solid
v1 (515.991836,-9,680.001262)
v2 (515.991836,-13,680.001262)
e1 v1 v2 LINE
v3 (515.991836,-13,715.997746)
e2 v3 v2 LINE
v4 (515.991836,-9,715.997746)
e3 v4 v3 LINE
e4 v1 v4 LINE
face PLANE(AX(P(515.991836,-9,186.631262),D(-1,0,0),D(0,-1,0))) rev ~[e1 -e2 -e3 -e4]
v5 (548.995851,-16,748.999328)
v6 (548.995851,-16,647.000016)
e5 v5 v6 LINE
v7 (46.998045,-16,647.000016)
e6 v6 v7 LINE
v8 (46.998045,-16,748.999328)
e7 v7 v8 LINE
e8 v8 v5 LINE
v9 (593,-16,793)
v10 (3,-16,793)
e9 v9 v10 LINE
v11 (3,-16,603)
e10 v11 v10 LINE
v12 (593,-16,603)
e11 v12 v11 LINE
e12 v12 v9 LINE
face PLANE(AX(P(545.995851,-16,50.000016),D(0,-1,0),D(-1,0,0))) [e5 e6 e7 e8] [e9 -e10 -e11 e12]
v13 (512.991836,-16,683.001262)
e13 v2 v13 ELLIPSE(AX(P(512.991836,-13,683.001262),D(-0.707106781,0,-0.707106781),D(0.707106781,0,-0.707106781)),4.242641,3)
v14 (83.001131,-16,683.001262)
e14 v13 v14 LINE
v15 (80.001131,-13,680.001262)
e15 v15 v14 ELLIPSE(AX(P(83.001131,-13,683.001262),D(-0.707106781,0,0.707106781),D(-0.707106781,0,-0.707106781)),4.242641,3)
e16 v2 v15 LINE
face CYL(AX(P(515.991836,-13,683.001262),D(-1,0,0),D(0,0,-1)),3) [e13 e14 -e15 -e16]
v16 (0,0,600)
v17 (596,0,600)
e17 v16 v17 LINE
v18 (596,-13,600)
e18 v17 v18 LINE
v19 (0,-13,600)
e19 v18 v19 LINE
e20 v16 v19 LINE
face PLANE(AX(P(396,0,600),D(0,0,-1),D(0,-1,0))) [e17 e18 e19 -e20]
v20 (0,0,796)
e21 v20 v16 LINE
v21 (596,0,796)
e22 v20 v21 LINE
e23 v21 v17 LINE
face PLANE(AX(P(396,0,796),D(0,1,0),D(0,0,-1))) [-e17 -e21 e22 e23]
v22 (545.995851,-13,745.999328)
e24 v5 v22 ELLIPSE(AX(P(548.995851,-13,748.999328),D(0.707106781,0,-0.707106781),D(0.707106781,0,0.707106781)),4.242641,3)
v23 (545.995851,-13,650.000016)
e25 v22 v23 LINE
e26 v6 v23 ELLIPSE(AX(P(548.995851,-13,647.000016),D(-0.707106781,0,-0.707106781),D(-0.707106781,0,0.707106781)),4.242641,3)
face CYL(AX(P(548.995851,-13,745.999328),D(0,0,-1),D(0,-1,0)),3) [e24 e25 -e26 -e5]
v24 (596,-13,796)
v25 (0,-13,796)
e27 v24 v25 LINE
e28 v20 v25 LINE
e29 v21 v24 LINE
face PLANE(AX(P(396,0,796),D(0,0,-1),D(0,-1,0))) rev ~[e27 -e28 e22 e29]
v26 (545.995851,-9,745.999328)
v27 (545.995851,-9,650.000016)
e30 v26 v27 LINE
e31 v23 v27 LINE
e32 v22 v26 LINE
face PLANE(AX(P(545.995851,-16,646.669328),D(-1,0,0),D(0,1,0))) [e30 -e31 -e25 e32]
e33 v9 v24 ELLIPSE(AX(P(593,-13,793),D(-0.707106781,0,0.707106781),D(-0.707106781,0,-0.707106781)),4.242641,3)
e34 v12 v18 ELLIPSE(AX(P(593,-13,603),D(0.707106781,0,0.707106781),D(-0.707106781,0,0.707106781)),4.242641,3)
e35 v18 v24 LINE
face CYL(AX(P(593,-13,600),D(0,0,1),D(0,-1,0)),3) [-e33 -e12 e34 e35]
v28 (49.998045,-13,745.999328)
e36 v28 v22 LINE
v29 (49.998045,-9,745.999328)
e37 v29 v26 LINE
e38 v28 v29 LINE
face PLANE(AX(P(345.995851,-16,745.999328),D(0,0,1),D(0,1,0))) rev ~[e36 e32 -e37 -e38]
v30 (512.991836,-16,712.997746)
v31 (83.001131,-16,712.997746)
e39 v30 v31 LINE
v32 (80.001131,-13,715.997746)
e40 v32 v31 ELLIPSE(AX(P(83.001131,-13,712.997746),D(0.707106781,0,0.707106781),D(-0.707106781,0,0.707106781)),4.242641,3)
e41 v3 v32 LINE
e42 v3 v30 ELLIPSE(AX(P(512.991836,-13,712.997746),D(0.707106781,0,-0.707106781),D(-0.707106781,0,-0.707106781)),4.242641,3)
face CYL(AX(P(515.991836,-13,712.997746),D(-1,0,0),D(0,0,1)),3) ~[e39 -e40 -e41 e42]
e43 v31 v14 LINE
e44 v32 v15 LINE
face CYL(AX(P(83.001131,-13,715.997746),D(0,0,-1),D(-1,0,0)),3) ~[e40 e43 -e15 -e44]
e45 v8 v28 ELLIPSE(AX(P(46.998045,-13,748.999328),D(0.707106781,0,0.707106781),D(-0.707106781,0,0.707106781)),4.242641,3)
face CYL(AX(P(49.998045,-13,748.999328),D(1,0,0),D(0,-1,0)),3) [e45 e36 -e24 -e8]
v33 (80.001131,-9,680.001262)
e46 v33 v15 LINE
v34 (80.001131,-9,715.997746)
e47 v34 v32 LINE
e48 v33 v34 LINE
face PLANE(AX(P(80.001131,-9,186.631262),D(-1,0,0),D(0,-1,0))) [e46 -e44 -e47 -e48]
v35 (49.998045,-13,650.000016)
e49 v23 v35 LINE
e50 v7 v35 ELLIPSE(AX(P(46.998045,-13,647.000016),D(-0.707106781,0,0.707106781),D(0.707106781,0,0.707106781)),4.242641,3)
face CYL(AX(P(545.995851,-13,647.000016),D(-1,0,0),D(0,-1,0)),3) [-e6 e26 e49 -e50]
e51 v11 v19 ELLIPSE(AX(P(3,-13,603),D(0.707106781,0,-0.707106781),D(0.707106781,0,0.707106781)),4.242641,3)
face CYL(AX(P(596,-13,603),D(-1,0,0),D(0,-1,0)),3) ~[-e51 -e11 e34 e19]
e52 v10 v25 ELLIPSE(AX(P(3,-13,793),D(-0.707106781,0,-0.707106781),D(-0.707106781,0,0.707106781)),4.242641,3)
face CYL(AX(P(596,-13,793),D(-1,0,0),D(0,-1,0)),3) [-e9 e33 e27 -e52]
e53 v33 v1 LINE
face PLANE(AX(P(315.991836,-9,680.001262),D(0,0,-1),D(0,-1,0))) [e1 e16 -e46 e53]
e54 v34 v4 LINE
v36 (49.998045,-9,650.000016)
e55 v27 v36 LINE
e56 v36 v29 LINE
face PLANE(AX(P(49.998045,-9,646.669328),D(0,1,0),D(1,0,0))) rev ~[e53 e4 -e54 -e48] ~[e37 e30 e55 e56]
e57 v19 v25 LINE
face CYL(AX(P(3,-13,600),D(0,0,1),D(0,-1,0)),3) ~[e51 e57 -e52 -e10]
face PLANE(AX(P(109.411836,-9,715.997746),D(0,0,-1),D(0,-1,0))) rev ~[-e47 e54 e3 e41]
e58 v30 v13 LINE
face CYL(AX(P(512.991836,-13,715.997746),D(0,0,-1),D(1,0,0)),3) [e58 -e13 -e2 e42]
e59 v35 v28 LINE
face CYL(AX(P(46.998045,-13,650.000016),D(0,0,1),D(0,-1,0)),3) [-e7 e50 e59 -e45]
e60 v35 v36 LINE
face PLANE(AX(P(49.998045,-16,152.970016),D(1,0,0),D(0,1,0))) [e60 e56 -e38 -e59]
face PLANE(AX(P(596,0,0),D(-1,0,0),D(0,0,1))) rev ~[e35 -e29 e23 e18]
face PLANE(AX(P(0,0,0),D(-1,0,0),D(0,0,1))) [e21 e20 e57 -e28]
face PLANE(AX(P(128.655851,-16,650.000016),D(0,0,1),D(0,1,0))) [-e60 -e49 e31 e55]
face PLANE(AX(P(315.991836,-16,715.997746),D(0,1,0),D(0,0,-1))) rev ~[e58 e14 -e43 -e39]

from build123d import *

# Parameters (mm, degrees)
F0_W      = 44.656470418
F0_H      = 33.8078811765
F1_DEPTH  = 16
F2_DEPTH  = 796
F3_DEPTH  = 196
F4_W      = 68.9578056335
F4_H      = 493.6993122101
F5_DEPTH  = 7
F6_DEPTH  = 9.7
F7_DEPTH  = 99.33
F8_DEPTH  = 99.33
F9_DEPTH  = 17.34
F10_DEPTH = 102.97
F11_W     = 35.2807044983
F11_H     = 492.0964837074
F12_DEPTH = 7
F13_DEPTH = 37.27
F14_DEPTH = 6.58
F15_DEPTH = 106.63
F16_DEPTH = 5.87
F17_DEPTH = 200
F18_DEPTH = 200
F19_DEPTH = 200
F20_DEPTH = 200
F21_DEPTH = 200
F22_DEPTH = 200
F23_DEPTH = 600
F24_DEPTH = 600
F25_DEPTH = 600
F26_R     = 3


with BuildPart() as f1:
    # F0 (on Front) → F1 (new body)
    with BuildSketch(Plane.XZ):
        with Locations((22.328235209, 16.9039405882)):
            Rectangle(F0_W, F0_H)
    extrude(amount=F1_DEPTH)

    # F2 (add): a face of the model
    f2_faces = [f1.faces().sort_by_distance(p)[0] for p in [
        (22.328235209, -8, 0),
    ]]
    extrude(f2_faces, amount=-F2_DEPTH)

    # F3 (add): a face of the model
    f3_faces = [f1.faces().sort_by_distance(p)[0] for p in [
        (0, -8, 398),
    ]]
    extrude(f3_faces, amount=-F3_DEPTH)

    # F4 (on face) → F5 (cut)
    with BuildSketch(Plane.XZ.offset(16)):
        with Locations((94.1769480705, 399.8196721077)):
            Rectangle(F4_W, F4_H)
    extrude(amount=-F5_DEPTH, mode=Mode.SUBTRACT)

    # F6 (cut): a face of the model
    f6_faces = [f1.faces().sort_by_distance(p)[0] for p in [
        (59.6980452538, -12.5, 399.8196721077),
    ]]
    extrude(f6_faces, amount=-F6_DEPTH, mode=Mode.SUBTRACT)

    # F7 (add): a face of the model
    f7_faces = [f1.faces().sort_by_distance(p)[0] for p in [
        (89.3269480705, -12.5, 646.6693282127),
    ]]
    extrude(f7_faces, amount=-F7_DEPTH)

    # F8 (cut): a face of the model
    f8_faces = [f1.faces().sort_by_distance(p)[0] for p in [
        (89.3269480705, -12.5, 646.6693282127),
    ]]
    extrude(f8_faces, amount=-F8_DEPTH, mode=Mode.SUBTRACT)

    # F9 (cut): a face of the model
    f9_faces = [f1.faces().sort_by_distance(p)[0] for p in [
        (128.6558508873, -12.5, 449.4846721077),
    ]]
    extrude(f9_faces, amount=-F9_DEPTH, mode=Mode.SUBTRACT)

    # F10 (cut): a face of the model
    f10_faces = [f1.faces().sort_by_distance(p)[0] for p in [
        (97.9969480705, -12.5, 152.9700160027),
    ]]
    extrude(f10_faces, amount=-F10_DEPTH, mode=Mode.SUBTRACT)

    # F11 (on face) → F12 (join)
    with BuildSketch(Plane.XZ.offset(9)):
        with Locations((91.7714834213, 432.6795041561)):
            Rectangle(F11_W, F11_H)
    extrude(amount=F12_DEPTH)

    # F13 (add): a face of the model
    f13_faces = [f1.faces().sort_by_distance(p)[0] for p in [
        (91.7714834213, -12.5, 678.7277460098),
    ]]
    extrude(f13_faces, amount=F13_DEPTH)

    # F14 (add): a face of the model
    f14_faces = [f1.faces().sort_by_distance(p)[0] for p in [
        (109.4118356705, -12.5, 451.3145041561),
    ]]
    extrude(f14_faces, amount=F14_DEPTH)

    # F15 (add): a face of the model
    f15_faces = [f1.faces().sort_by_distance(p)[0] for p in [
        (95.0614834213, -12.5, 186.6312623024),
    ]]
    extrude(f15_faces, amount=F15_DEPTH)

    # F16 (cut): a face of the model
    f16_faces = [f1.faces().sort_by_distance(p)[0] for p in [
        (74.1311311722, -12.5, 397.9995041561),
    ]]
    extrude(f16_faces, amount=-F16_DEPTH, mode=Mode.SUBTRACT)

    # F17 (add): a face of the model
    f17_faces = [f1.faces().sort_by_distance(p)[0] for p in [
        (196, -8, 398),
    ]]
    extrude(f17_faces, amount=F17_DEPTH)

    # F18 (cut): a face of the model
    f18_faces = [f1.faces().sort_by_distance(p)[0] for p in [
        (145.9958508873, -12.5, 397.9996721077),
    ]]
    extrude(f18_faces, amount=-F18_DEPTH, mode=Mode.SUBTRACT)

    # F19 (add): a face of the model
    f19_faces = [f1.faces().sort_by_distance(p)[0] for p in [
        (115.9918356705, -12.5, 397.9995041561),
    ]]
    extrude(f19_faces, amount=F19_DEPTH)

    # F20 (add): a face of the model
    f20_faces = [f1.faces().sort_by_distance(p)[0] for p in [
        (396, -8, 398),
    ]]
    extrude(f20_faces, amount=F20_DEPTH)

    # F21 (cut): a face of the model
    f21_faces = [f1.faces().sort_by_distance(p)[0] for p in [
        (345.9958508873, -12.5, 397.9996721077),
    ]]
    extrude(f21_faces, amount=-F21_DEPTH, mode=Mode.SUBTRACT)

    # F22 (add): a face of the model
    f22_faces = [f1.faces().sort_by_distance(p)[0] for p in [
        (315.9918356705, -12.5, 397.9995041561),
    ]]
    extrude(f22_faces, amount=F22_DEPTH)

    # F23 (cut): a face of the model
    f23_faces = [f1.faces().sort_by_distance(p)[0] for p in [
        (297.9964834213, -12.5, 80.0012623024),
    ]]
    extrude(f23_faces, amount=-F23_DEPTH, mode=Mode.SUBTRACT)

    # F24 (add): a face of the model
    f24_faces = [f1.faces().sort_by_distance(p)[0] for p in [
        (297.9969480705, -12.5, 50.0000160027),
    ]]
    extrude(f24_faces, amount=F24_DEPTH)

    # F25 (cut): a face of the model
    f25_faces = [f1.faces().sort_by_distance(p)[0] for p in [
        (298, -8, 0),
    ]]
    extrude(f25_faces, amount=-F25_DEPTH, mode=Mode.SUBTRACT)

    # F26
    f26_edges = [f1.edges().sort_by_distance(p)[0] for p in [
        (0, -16, 698),
        (298, -16, 796),
        (596, -16, 698),
        (298, -16, 600),
        (49.998045, -16, 697.999672),
        (297.996948, -16, 650.000016),
        (297.996948, -16, 745.999328),
        (545.995851, -16, 697.999672),
        (297.996483, -16, 715.997746),
        (515.991836, -16, 697.999504),
        (297.996483, -16, 680.001262),
        (80.001131, -16, 697.999504),
    ]]
    fillet(f26_edges, radius=F26_R)


solid = f1.part
